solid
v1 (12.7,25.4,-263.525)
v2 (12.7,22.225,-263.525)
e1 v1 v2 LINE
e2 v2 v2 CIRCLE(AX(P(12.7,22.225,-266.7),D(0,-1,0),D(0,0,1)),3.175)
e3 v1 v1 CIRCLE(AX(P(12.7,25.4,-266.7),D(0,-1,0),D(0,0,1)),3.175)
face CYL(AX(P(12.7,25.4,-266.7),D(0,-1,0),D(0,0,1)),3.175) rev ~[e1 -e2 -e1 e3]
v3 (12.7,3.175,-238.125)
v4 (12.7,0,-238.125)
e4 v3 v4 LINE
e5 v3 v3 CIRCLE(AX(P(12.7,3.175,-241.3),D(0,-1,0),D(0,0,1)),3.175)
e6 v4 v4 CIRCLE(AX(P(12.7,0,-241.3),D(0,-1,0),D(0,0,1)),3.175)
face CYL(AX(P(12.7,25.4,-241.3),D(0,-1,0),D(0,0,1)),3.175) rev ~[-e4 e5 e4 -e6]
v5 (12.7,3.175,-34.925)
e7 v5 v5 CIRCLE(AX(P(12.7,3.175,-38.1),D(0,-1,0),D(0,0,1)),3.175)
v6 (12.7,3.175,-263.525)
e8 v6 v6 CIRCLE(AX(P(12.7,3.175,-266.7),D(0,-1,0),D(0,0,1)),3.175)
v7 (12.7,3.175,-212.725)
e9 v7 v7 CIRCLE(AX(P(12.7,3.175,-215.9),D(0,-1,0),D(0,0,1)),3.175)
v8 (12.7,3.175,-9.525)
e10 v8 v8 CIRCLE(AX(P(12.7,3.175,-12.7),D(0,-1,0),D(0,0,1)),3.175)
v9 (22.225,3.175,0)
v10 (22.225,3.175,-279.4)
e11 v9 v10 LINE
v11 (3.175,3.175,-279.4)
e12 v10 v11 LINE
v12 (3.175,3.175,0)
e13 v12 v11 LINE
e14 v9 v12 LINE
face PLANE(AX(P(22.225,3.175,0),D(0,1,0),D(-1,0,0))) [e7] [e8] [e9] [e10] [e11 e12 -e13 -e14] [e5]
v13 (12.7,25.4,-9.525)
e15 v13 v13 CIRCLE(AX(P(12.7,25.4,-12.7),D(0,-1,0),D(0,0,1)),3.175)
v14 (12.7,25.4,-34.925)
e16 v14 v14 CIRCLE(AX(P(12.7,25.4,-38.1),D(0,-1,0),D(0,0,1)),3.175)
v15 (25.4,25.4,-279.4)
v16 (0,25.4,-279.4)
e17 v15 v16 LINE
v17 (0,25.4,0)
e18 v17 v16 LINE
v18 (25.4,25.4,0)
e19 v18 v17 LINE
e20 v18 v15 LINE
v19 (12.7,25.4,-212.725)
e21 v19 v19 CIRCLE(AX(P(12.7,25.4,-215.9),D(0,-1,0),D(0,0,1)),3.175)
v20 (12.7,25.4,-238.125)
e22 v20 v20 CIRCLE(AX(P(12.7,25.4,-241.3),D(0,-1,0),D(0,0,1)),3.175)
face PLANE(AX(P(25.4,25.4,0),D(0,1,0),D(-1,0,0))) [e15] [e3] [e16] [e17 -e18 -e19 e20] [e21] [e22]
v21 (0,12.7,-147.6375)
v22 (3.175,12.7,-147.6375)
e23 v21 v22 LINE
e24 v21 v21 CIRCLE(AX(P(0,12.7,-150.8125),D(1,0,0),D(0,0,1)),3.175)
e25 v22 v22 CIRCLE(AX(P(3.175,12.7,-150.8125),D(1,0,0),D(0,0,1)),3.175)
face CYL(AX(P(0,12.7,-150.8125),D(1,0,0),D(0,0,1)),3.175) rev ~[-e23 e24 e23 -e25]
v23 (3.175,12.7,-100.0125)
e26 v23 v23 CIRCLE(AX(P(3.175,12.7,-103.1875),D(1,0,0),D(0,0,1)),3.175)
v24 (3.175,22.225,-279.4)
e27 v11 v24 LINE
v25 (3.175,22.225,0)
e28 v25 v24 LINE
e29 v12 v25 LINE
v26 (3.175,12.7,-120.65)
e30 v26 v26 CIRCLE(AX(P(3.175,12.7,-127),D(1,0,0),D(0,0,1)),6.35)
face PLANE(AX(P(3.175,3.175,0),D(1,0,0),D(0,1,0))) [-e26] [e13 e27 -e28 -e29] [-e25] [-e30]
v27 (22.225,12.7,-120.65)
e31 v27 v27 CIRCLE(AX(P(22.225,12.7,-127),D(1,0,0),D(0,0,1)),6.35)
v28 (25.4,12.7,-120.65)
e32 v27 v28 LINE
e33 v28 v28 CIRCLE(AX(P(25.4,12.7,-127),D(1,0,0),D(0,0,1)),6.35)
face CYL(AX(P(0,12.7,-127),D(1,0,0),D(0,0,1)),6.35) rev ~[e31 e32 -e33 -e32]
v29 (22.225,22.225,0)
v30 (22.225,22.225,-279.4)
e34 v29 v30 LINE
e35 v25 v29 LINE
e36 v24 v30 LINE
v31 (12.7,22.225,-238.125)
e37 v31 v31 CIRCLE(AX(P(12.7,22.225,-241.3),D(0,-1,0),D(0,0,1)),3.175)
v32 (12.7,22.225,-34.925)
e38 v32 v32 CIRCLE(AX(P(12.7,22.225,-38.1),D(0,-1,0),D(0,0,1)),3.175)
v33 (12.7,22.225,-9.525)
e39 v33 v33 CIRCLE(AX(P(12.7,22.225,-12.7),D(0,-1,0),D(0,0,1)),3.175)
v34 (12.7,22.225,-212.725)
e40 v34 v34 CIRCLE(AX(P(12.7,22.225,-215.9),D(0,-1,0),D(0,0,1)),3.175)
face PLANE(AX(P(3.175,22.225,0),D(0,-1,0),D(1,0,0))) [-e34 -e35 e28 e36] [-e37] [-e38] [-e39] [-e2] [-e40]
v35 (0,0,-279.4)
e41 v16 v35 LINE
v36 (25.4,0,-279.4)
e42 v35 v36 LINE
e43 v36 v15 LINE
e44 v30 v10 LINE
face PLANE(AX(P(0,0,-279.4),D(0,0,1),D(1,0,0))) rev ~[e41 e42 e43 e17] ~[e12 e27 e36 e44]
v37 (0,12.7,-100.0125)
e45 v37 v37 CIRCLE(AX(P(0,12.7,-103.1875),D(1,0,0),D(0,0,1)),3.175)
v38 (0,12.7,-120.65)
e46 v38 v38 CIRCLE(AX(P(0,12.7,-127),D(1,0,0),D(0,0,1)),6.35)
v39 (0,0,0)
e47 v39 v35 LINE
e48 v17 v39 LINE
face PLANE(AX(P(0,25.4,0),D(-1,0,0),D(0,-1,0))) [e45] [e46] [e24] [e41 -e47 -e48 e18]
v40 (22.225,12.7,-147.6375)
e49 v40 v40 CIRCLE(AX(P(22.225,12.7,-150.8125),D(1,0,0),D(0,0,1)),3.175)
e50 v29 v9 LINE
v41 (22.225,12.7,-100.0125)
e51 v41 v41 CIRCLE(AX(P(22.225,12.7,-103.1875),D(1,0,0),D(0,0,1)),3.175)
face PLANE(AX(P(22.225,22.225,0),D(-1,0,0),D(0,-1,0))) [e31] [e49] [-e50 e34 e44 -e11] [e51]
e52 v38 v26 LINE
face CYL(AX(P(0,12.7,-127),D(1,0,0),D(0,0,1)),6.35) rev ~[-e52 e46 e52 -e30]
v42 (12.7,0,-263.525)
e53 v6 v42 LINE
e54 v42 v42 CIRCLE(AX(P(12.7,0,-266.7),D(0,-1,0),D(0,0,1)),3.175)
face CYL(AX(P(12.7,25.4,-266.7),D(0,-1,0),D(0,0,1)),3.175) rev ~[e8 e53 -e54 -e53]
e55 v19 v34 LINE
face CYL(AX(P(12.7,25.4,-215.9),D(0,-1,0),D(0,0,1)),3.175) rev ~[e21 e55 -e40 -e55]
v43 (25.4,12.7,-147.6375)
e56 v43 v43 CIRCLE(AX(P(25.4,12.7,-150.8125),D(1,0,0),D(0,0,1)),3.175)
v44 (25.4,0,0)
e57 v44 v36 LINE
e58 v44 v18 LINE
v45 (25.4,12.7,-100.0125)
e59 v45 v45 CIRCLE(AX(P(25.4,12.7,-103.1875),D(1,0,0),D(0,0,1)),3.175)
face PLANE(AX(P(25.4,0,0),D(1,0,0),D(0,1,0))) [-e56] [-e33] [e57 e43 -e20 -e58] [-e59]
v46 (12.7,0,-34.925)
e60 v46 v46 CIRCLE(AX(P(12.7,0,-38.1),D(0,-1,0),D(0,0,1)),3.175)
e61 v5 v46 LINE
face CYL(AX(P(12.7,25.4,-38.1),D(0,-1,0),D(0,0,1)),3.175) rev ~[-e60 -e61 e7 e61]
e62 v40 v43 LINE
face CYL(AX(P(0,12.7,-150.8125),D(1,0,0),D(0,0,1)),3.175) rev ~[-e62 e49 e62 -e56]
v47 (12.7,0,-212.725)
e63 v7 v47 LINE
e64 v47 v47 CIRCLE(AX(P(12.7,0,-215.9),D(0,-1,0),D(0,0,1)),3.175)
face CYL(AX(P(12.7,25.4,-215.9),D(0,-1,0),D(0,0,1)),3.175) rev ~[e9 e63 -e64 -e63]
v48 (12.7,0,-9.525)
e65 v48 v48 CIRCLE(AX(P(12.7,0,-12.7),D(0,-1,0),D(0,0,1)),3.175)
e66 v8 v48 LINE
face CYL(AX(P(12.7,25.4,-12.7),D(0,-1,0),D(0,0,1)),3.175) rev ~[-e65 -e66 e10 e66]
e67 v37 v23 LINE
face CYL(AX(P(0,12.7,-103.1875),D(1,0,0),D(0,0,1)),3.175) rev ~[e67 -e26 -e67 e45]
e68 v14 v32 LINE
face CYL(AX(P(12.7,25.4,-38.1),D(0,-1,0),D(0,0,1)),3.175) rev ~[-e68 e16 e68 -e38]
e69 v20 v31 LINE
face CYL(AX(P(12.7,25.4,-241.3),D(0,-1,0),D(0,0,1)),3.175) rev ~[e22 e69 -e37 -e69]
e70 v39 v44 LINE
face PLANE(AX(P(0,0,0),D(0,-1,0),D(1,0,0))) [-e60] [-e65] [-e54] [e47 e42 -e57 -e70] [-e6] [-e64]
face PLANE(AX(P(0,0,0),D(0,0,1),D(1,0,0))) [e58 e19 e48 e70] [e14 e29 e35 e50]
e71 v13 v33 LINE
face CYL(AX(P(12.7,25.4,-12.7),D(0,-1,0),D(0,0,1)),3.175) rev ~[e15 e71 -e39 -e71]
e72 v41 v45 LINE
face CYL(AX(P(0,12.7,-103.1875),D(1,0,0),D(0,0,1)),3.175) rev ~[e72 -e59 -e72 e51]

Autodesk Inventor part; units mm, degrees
ref_plane "YZ Plane" through (0, 0, 0) normal (1, 0, 0) x (0, 1, 0)
ref_plane "XZ Plane" through (0, 0, 0) normal (0, 1, 0) x (-1, 0, 0)
ref_plane "XY Plane" through (0, 0, 0) normal (0, 0, 1) x (1, 0, 0)
sketch "Sketch1" plane through (0, 0, 0) normal (0, 0, 1) x (1, 0, 0)
  line L0 (0, 0) -> (25.4, 0)
  line L1 (25.4, 0) -> (25.4, 25.4)
  line L2 (25.4, 25.4) -> (0, 25.4)
  line L3 (0, 25.4) -> (0, 0)
  line L4 (3.175, 22.225) -> (22.225, 22.225)
  line L5 (22.225, 22.225) -> (22.225, 3.175)
  line L6 (22.225, 3.175) -> (3.175, 3.175)
  line L7 (3.175, 3.175) -> (3.175, 22.225)
  dimension "d0" = 25.4
  dimension "d1" = 25.4
  dimension "d2" = 3.175
extrude "Extrusion1" add sketch "Sketch1" against normal blind 279.4
sketch "Sketch2" plane through (0, 25.4, 0) normal (0, 1, 0) x (1, 0, 0)
  line L0 (25.4, 279.4) -> (0, 279.4) projected
  line L1 (25.4, 0) -> (0, 0) projected
  point P0 (12.7, 266.7)
  point P1 (12.7, 241.3)
  point P2 (12.7, 215.9)
  point P3 (12.7, 12.7)
  point P4 (12.7, 38.1)
  dimension "d5" = 25.4
  dimension "d6" = 12.7
  dimension "d7" = 25.4
  dimension "d8" = 25.4
  dimension "d9" = 12.7
hole "Hole1" at (12.7, 25.4, -266.7) at (12.7, 25.4, -241.3) at (12.7, 25.4, -215.9) at (12.7, 25.4, -12.7) at (12.7, 25.4, -38.1) direction (0, -1, 0) diameter 6.35 depth 25.4 tip angle 118
sketch "Sketch3" plane through (0, 0, 0) normal (-1, 0, 0) x (0, 0, 1)
  line L0 (-279.4, 25.4) -> (-279.4, 0) projected
  line L1 (0, 25.4) -> (0, 0) projected
  point P0 (-127, 12.7)
  point P1 (-103.1875, 12.7)
  point P2 (-150.8125, 12.7)
  point P3 (0, 12.7)
  dimension "d17" = 152.4
  dimension "d18" = 23.8125
  dimension "d19" = 23.8125
hole "Hole2" at (0, 12.7, -103.1875) at (0, 12.7, -150.8125) direction (1, 0, 0) diameter 6.35 depth 25.4 tip angle 118
hole "Hole3" at (0, 12.7, -127) direction (1, 0, 0) diameter 12.7 depth 25.4 tip angle 118
properties part number "shooter 9 inch horizontal"
